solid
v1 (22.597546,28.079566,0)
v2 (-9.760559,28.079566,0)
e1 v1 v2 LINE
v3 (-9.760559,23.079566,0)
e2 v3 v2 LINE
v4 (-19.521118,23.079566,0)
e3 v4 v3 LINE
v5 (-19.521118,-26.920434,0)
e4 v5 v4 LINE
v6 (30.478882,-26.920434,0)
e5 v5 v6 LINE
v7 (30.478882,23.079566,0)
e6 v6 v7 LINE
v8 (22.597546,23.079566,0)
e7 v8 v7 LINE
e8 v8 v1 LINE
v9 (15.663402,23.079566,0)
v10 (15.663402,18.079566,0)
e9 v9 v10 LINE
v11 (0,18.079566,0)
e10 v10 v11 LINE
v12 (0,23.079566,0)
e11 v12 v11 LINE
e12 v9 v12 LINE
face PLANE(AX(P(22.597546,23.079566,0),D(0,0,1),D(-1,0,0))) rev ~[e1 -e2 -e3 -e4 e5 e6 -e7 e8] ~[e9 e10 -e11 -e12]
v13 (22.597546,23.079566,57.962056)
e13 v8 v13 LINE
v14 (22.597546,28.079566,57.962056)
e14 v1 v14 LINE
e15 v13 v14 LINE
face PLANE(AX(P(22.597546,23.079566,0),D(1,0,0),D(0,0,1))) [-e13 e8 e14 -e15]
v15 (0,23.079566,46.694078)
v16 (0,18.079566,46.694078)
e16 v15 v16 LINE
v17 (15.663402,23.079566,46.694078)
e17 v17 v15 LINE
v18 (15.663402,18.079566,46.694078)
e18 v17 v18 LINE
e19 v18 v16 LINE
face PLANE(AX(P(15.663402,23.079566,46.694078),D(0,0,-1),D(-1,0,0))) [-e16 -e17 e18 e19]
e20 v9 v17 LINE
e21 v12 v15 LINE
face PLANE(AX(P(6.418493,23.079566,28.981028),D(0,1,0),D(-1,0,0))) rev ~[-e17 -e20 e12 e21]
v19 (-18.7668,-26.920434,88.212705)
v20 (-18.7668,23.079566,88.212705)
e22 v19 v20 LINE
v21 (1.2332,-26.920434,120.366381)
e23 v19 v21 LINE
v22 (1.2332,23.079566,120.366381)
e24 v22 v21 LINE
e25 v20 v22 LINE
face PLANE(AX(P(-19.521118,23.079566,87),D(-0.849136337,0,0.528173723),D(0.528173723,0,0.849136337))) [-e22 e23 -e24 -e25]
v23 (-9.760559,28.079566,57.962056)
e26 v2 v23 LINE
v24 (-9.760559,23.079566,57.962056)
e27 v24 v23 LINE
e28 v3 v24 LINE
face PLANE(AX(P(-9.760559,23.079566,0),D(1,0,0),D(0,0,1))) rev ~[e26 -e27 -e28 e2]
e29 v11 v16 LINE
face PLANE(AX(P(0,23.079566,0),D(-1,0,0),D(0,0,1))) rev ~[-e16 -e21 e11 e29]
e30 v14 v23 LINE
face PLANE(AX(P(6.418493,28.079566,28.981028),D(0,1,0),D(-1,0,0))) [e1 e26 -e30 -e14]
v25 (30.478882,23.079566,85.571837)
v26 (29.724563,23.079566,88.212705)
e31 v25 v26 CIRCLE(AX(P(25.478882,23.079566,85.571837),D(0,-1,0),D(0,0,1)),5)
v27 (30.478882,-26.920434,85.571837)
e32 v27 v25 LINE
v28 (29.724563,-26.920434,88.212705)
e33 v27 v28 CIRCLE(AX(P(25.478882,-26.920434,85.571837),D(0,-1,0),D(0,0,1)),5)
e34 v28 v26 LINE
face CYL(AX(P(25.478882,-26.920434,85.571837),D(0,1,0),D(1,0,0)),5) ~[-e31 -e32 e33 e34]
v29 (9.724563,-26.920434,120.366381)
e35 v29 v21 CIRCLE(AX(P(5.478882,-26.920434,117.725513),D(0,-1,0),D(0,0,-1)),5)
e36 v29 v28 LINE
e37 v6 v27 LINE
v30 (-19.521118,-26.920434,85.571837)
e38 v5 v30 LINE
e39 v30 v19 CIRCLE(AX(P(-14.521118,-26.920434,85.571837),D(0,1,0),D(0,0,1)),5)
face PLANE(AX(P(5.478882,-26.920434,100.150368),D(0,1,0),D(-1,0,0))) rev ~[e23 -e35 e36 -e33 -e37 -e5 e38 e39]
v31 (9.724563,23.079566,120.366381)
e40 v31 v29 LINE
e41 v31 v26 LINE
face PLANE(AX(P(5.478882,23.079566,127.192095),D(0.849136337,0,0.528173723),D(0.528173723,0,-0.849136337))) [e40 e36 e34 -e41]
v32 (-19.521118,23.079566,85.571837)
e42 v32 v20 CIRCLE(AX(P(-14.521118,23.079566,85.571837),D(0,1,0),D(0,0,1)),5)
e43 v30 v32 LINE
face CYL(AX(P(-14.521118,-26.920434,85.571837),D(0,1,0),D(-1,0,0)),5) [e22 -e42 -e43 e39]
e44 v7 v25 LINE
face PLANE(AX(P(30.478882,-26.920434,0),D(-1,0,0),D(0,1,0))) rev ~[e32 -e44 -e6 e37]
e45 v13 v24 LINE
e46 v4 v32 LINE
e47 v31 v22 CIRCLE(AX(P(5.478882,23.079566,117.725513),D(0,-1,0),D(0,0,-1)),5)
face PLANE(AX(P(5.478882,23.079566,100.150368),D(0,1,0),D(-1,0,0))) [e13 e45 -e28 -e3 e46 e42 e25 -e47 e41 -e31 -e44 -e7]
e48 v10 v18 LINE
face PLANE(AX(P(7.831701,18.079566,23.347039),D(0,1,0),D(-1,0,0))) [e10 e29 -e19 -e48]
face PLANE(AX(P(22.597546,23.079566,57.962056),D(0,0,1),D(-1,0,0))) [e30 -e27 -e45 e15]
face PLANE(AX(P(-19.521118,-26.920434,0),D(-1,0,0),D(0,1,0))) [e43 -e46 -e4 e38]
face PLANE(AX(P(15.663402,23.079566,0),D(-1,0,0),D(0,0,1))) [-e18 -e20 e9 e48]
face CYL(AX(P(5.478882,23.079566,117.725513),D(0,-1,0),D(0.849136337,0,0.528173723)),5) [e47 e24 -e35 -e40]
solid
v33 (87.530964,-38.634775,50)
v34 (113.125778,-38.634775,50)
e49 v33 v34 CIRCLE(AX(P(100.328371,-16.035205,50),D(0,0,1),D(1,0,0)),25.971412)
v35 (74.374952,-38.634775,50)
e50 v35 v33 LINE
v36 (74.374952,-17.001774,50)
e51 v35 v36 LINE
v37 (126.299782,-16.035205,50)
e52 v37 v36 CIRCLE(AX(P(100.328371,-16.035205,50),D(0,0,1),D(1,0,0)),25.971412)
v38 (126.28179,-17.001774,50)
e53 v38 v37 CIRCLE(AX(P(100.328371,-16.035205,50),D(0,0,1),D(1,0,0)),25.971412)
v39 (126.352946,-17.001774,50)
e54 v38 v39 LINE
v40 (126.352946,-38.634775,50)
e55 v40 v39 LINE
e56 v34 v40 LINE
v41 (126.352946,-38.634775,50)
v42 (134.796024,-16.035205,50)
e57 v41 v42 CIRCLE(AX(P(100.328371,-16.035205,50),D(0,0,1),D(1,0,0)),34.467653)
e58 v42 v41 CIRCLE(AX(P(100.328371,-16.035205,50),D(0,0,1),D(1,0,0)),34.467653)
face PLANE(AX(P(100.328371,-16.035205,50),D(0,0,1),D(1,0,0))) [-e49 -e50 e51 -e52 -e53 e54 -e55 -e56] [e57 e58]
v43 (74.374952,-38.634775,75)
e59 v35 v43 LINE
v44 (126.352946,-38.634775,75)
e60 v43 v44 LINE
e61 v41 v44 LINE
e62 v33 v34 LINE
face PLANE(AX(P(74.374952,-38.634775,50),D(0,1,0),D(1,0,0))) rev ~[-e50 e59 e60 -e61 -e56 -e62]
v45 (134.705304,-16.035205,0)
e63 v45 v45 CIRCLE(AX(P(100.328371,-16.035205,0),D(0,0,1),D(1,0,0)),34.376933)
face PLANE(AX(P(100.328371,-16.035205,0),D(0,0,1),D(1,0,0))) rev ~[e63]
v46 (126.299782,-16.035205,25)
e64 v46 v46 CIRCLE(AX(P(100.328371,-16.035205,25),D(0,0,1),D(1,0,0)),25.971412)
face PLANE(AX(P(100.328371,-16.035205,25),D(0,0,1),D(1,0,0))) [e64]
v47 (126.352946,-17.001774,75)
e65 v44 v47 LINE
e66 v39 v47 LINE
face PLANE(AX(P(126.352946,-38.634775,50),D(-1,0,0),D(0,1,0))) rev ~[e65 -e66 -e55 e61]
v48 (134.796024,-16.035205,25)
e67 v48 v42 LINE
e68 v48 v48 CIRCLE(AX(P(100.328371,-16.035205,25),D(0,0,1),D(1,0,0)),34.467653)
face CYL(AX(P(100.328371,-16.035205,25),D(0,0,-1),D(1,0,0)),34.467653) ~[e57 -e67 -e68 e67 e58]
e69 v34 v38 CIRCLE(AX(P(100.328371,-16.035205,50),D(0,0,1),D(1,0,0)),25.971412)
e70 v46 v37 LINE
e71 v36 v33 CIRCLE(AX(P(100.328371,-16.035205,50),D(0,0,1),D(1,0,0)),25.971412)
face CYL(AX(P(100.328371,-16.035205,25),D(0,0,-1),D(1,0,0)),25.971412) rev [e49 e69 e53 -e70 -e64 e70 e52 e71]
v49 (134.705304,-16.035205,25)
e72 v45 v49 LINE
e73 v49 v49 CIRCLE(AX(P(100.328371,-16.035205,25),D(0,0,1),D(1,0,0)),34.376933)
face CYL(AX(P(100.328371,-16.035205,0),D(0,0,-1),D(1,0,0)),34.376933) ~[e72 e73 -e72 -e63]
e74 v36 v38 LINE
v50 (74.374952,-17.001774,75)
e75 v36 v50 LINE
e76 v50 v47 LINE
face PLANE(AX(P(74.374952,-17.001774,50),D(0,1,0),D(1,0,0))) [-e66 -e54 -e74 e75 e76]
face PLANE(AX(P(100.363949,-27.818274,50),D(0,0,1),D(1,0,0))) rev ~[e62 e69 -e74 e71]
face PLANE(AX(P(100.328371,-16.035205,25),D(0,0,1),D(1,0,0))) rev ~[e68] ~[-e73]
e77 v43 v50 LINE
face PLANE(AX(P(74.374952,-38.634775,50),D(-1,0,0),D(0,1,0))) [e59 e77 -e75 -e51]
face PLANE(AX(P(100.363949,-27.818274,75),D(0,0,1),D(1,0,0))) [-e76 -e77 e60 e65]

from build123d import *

# Parameters (mm, degrees)
F0_W      = 50
F0_H      = 50
F1_DEPTH  = 87
F3_DEPTH  = 50
F4_W      = 15.663402155
F4_H      = 46.6940775514
F5_DEPTH  = 5
F6_W      = 32.3581049219
F6_H      = 57.9620562494
F7_DEPTH  = 5
F8_R      = 5
F9_R      = 34.3769329791
F10_DEPTH = 25
F11_R     = 34.467652718
F11_R_2   = 25.9714115072
F12_DEPTH = 25
F13_W     = 51.9779939204
F13_H     = 21.6330016287
F14_DEPTH = 25


with BuildPart() as f1:
    # F0 (on Top) → F1 (new body)
    with BuildSketch(Plane.XY):
        with Locations((5.478881672, -1.9204340875)):
            Rectangle(F0_W, F0_H)
    extrude(amount=F1_DEPTH)

    # F2 (on face) → F3 (join)
    with BuildSketch(Plane(origin=(0, 23.0795659125, 0), x_dir=(-1, 0, 0), z_dir=(0, 1, 0))):
        Polygon((-5.478881672, 127.1920949221), (-30.478881672, 87), (19.521118328, 87), align=None)
    extrude(amount=-F3_DEPTH)

    # F4 (on face) → F5 (cut)
    with BuildSketch(Plane(origin=(0, 23.0795659125, 0), x_dir=(-1, 0, 0), z_dir=(0, 1, 0))):
        with Locations((-7.8317010775, 23.3470387757)):
            Rectangle(F4_W, F4_H)
    extrude(amount=-F5_DEPTH, mode=Mode.SUBTRACT)

    # F6 (on face) → F7 (join)
    with BuildSketch(Plane(origin=(0, 23.0795659125, 0), x_dir=(-1, 0, 0), z_dir=(0, 1, 0))):
        with Locations((-6.418493297, 28.9810281247)):
            Rectangle(F6_W, F6_H)
    extrude(amount=F7_DEPTH)

    # F8
    f8_edges = [f1.edges().sort_by_distance(p)[0] for p in [
        (5.478882, -1.920434, 127.192095),
        (30.478882, -1.920434, 87),
        (-19.521118, -1.920434, 87),
    ]]
    fillet(f8_edges, radius=F8_R)


with BuildPart() as f10:
    # F9 (on Top) → F10 (new body)
    with BuildSketch(Plane.XY):
        with Locations((100.3283709288, -16.0352047533)):
            Circle(F9_R)
    extrude(amount=F10_DEPTH)

    # F11 (on face) → F12 (join)
    with BuildSketch(Plane.XY.offset(25)):
        with Locations((100.3283709288, -16.0352047533)):
            Circle(F11_R)
        with Locations((100.3283709288, -16.0352047533)):
            Circle(F11_R_2, mode=Mode.SUBTRACT)
    extrude(amount=F12_DEPTH)

    # F13 (on face) → F14 (join)
    with BuildSketch(Plane.XY.offset(50)):
        with Locations((100.3639488405, -27.8182744353)):
            Rectangle(F13_W, F13_H)
    extrude(amount=F14_DEPTH)


solid = Compound([f1.part, f10.part])
